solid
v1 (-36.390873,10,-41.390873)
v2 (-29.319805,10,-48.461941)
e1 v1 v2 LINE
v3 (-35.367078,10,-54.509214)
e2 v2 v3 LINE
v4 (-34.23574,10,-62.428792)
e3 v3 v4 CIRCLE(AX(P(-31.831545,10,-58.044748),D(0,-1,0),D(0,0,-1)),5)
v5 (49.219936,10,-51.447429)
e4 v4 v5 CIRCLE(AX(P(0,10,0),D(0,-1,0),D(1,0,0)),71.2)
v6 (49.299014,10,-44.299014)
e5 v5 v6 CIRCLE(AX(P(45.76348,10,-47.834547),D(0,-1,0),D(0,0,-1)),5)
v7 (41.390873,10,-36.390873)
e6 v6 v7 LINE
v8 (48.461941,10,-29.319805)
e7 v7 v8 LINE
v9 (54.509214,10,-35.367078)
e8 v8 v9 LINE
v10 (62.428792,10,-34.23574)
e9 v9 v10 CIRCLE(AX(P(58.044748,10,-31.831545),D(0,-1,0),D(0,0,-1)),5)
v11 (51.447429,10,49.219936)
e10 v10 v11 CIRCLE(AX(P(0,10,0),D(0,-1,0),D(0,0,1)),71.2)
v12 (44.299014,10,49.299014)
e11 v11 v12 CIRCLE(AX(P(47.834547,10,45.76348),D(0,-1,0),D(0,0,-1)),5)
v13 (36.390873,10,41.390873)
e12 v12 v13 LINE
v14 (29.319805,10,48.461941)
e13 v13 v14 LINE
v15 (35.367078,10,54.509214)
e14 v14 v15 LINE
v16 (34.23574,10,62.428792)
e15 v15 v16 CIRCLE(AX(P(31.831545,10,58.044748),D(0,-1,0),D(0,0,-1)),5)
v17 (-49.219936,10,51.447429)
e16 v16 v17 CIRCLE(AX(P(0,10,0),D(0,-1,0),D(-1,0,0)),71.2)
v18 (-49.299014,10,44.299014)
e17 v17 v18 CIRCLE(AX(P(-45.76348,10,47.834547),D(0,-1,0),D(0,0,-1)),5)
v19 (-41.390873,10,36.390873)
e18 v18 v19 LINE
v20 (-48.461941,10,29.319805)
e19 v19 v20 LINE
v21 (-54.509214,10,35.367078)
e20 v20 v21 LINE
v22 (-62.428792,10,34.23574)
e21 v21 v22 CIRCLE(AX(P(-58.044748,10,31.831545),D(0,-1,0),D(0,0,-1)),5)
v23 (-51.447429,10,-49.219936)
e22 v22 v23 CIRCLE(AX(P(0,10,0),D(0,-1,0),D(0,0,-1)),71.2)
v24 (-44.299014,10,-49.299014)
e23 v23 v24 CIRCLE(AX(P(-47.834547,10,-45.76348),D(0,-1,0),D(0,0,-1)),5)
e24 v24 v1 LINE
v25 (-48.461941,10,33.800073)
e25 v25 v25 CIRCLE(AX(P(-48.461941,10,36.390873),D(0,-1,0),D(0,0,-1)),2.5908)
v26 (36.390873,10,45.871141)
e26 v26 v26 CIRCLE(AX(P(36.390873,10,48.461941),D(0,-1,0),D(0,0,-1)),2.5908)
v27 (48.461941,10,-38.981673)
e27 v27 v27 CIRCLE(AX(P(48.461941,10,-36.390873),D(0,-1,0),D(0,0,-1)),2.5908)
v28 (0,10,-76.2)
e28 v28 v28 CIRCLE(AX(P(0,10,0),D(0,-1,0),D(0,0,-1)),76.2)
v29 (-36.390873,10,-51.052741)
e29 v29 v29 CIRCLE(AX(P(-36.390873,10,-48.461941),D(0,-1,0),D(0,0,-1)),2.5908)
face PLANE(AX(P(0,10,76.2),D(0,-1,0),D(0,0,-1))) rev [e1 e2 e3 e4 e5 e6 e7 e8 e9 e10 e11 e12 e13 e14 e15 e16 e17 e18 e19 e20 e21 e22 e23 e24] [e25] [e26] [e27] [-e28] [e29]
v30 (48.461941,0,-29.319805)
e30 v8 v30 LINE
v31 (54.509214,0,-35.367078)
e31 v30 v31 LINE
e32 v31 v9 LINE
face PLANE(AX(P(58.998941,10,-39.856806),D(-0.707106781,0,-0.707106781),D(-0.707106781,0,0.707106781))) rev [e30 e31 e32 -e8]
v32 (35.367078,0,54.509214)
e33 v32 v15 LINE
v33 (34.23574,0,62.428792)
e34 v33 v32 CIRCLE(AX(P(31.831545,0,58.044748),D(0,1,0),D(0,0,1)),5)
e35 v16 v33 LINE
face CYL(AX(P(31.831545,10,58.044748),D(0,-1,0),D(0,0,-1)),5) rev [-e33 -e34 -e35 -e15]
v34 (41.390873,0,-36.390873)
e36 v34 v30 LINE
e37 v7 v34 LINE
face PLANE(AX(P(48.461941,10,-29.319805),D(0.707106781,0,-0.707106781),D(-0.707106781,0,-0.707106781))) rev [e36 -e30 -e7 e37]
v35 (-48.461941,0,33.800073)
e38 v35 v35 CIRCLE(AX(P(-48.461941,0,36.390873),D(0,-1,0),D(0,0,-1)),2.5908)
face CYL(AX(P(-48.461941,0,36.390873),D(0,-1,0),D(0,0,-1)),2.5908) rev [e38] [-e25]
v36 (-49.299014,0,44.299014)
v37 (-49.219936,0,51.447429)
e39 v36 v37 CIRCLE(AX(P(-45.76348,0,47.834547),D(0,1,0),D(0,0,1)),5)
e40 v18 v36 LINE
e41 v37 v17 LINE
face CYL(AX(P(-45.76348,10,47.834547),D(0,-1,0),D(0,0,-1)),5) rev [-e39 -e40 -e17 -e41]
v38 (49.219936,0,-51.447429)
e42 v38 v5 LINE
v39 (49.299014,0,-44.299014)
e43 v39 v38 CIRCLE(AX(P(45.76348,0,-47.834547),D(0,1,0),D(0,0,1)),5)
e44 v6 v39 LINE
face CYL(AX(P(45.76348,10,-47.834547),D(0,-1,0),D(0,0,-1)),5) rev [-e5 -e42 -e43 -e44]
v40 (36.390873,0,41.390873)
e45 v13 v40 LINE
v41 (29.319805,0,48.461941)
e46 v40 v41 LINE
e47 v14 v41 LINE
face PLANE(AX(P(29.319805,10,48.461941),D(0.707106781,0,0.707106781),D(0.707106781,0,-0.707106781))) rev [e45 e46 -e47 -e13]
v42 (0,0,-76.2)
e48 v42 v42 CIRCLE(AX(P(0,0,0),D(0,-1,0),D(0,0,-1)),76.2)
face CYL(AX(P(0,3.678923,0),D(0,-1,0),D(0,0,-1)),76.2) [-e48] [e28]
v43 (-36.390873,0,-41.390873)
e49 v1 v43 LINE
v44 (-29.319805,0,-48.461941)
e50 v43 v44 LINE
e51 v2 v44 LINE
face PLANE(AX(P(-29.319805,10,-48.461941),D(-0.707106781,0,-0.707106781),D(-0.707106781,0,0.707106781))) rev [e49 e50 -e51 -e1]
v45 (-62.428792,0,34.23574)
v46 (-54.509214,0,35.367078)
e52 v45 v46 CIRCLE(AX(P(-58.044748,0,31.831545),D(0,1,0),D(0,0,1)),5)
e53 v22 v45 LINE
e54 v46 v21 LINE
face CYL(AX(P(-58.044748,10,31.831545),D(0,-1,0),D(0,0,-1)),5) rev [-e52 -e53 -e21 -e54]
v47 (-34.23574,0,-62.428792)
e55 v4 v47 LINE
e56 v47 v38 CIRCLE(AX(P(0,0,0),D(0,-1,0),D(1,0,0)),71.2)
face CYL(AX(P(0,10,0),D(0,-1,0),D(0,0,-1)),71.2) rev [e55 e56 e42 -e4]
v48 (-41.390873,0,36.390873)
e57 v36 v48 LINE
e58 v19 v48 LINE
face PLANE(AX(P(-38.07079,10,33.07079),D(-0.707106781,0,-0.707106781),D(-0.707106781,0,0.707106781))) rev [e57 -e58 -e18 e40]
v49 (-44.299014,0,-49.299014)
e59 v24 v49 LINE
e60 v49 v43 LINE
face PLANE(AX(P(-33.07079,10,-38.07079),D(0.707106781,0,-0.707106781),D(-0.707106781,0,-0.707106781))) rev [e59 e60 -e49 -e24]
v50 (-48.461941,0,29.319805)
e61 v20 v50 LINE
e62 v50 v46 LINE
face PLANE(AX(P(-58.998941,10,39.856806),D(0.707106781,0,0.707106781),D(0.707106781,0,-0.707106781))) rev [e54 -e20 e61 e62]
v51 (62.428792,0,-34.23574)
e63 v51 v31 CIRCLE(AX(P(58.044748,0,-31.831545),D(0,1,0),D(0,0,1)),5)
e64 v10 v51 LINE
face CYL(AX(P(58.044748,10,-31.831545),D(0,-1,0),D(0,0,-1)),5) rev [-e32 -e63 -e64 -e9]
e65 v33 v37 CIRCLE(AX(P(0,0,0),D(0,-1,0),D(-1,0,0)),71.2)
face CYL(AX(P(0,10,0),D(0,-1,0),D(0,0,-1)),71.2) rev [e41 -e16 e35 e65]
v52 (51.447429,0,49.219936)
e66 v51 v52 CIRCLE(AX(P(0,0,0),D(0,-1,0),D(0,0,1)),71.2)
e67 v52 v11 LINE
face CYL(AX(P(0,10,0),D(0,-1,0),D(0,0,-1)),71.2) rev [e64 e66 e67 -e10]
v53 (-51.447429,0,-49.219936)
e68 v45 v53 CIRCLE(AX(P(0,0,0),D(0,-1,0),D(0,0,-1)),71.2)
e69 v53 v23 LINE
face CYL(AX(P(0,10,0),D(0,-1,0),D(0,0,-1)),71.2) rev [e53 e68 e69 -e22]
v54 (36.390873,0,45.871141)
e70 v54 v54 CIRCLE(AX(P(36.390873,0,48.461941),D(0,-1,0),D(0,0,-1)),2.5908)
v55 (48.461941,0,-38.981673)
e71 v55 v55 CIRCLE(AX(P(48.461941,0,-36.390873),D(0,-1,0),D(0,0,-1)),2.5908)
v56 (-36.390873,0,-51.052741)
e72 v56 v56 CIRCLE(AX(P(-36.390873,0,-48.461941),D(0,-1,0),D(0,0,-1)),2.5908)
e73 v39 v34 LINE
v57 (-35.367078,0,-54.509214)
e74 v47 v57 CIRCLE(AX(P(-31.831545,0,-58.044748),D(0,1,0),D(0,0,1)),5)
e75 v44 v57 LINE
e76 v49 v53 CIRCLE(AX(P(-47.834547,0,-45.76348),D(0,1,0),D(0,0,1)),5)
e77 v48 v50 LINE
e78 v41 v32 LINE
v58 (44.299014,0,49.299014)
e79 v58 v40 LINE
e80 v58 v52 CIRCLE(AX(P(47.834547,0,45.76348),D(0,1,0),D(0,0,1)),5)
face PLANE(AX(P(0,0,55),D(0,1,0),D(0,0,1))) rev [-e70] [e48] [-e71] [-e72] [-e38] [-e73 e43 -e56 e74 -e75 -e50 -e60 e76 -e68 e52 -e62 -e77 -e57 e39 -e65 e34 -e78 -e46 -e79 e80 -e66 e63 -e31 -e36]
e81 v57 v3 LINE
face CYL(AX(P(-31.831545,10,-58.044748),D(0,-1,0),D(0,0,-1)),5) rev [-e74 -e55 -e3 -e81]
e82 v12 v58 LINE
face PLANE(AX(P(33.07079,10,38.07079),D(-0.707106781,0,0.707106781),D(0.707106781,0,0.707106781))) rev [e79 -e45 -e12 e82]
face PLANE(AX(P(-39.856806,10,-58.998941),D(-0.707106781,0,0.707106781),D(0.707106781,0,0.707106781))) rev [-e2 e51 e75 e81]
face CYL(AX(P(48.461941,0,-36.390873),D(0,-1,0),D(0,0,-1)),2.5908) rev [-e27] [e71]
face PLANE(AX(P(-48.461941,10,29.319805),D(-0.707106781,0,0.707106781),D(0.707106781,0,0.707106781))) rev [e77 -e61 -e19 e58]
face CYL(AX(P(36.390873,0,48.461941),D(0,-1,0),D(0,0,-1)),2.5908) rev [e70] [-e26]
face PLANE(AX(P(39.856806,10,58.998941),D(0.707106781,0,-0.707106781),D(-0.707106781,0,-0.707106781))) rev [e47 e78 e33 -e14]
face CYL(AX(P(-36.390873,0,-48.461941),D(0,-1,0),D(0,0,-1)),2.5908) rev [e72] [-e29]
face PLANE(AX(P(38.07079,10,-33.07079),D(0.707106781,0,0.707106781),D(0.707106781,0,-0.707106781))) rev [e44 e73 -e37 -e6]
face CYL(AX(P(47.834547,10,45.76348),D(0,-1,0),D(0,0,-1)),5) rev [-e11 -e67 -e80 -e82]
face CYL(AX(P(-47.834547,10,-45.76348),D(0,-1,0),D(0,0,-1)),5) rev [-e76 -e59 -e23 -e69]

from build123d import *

# Parameters (mm, degrees)
SKETCH2_W                  = 21.2
SKETCH2_H                  = 10
F_6_0_204_DIAMETER_HOLE1_D = 5.1816
CUT_EXTRUDE1_DEPTH         = 11
CIRPATTERN1_COUNT          = 4
FILLET1_R                  = 5


with BuildPart() as part:
    # Sketch2 → Revolve1 (revolve)
    with BuildSketch(Plane(origin=(0, 0, 0), x_dir=(0, 0, -1), z_dir=(1, 0, 0))):
        with Locations((-65.6, 5)):
            Rectangle(SKETCH2_W, SKETCH2_H)
    revolve(axis=Axis((0, 3.678923398, 0), (0, 1, 0)))

    # #6 (0.204) Diameter Hole1 (through all)
    with Locations(Plane(origin=(0, 0, 0), x_dir=(-1, 0, 0), z_dir=(0, -1, 0))):
        with Locations((36.390872965, 48.461940777)):
            f_6_0_204_diameter_hole1 = Hole(F_6_0_204_DIAMETER_HOLE1_D / 2)

    # Sketch14 → Cut-Extrude1 (cut, through all)
    with BuildSketch(Plane.XZ):
        with BuildLine():
            Line((-33.070789849, -38.070789849), (-47.783894042, -52.783894042))
            ThreePointArc((-47.783894042, -52.783894042), (-70.683932228, -8.55696937), (-58.998941132, 39.856805508))
            Line((-58.998941132, 39.856805508), (-55.533008589, 36.390872965))
            Line((-55.533008589, 36.390872965), (-48.461940777, 29.319805153))
            Line((-48.461940777, 29.319805153), (-41.390872965, 36.390872965))
            Line((-41.390872965, 36.390872965), (-38.070789849, 33.070789849))
            ThreePointArc((-38.070789849, 33.070789849), (-50.304693428, -3.535533906), (-33.070789849, -38.070789849))
        make_face()
    cut_extrude1 = extrude(amount=-CUT_EXTRUDE1_DEPTH, mode=Mode.SUBTRACT)

    # CirPattern1: #6 (0.204) Diameter Hole1, Cut-Extrude1 ×4 about axis
    cirpattern1_axis = Axis((0, 0, 0), (0, 1, 0))
    for i in range(1, CIRPATTERN1_COUNT):
        add(f_6_0_204_diameter_hole1.rotate(cirpattern1_axis, i * 360 / CIRPATTERN1_COUNT), mode=Mode.SUBTRACT)
        add(cut_extrude1.rotate(cirpattern1_axis, i * 360 / CIRPATTERN1_COUNT), mode=Mode.SUBTRACT)

    # Fillet1
    fillet1_edges = [part.edges().sort_by_distance(p)[0] for p in [
        (-47.783894042, 5, -52.783894042),
        (-58.998941132, 5, 39.856805508),
        (-52.783894042, 5, 47.783894042),
        (39.856805508, 5, 58.998941132),
        (47.783894042, 5, 52.783894042),
        (58.998941132, 5, -39.856805508),
        (52.783894042, 5, -47.783894042),
        (-39.856805508, 5, -58.998941132),
    ]]
    fillet(fillet1_edges, radius=FILLET1_R)


solid = part.part
